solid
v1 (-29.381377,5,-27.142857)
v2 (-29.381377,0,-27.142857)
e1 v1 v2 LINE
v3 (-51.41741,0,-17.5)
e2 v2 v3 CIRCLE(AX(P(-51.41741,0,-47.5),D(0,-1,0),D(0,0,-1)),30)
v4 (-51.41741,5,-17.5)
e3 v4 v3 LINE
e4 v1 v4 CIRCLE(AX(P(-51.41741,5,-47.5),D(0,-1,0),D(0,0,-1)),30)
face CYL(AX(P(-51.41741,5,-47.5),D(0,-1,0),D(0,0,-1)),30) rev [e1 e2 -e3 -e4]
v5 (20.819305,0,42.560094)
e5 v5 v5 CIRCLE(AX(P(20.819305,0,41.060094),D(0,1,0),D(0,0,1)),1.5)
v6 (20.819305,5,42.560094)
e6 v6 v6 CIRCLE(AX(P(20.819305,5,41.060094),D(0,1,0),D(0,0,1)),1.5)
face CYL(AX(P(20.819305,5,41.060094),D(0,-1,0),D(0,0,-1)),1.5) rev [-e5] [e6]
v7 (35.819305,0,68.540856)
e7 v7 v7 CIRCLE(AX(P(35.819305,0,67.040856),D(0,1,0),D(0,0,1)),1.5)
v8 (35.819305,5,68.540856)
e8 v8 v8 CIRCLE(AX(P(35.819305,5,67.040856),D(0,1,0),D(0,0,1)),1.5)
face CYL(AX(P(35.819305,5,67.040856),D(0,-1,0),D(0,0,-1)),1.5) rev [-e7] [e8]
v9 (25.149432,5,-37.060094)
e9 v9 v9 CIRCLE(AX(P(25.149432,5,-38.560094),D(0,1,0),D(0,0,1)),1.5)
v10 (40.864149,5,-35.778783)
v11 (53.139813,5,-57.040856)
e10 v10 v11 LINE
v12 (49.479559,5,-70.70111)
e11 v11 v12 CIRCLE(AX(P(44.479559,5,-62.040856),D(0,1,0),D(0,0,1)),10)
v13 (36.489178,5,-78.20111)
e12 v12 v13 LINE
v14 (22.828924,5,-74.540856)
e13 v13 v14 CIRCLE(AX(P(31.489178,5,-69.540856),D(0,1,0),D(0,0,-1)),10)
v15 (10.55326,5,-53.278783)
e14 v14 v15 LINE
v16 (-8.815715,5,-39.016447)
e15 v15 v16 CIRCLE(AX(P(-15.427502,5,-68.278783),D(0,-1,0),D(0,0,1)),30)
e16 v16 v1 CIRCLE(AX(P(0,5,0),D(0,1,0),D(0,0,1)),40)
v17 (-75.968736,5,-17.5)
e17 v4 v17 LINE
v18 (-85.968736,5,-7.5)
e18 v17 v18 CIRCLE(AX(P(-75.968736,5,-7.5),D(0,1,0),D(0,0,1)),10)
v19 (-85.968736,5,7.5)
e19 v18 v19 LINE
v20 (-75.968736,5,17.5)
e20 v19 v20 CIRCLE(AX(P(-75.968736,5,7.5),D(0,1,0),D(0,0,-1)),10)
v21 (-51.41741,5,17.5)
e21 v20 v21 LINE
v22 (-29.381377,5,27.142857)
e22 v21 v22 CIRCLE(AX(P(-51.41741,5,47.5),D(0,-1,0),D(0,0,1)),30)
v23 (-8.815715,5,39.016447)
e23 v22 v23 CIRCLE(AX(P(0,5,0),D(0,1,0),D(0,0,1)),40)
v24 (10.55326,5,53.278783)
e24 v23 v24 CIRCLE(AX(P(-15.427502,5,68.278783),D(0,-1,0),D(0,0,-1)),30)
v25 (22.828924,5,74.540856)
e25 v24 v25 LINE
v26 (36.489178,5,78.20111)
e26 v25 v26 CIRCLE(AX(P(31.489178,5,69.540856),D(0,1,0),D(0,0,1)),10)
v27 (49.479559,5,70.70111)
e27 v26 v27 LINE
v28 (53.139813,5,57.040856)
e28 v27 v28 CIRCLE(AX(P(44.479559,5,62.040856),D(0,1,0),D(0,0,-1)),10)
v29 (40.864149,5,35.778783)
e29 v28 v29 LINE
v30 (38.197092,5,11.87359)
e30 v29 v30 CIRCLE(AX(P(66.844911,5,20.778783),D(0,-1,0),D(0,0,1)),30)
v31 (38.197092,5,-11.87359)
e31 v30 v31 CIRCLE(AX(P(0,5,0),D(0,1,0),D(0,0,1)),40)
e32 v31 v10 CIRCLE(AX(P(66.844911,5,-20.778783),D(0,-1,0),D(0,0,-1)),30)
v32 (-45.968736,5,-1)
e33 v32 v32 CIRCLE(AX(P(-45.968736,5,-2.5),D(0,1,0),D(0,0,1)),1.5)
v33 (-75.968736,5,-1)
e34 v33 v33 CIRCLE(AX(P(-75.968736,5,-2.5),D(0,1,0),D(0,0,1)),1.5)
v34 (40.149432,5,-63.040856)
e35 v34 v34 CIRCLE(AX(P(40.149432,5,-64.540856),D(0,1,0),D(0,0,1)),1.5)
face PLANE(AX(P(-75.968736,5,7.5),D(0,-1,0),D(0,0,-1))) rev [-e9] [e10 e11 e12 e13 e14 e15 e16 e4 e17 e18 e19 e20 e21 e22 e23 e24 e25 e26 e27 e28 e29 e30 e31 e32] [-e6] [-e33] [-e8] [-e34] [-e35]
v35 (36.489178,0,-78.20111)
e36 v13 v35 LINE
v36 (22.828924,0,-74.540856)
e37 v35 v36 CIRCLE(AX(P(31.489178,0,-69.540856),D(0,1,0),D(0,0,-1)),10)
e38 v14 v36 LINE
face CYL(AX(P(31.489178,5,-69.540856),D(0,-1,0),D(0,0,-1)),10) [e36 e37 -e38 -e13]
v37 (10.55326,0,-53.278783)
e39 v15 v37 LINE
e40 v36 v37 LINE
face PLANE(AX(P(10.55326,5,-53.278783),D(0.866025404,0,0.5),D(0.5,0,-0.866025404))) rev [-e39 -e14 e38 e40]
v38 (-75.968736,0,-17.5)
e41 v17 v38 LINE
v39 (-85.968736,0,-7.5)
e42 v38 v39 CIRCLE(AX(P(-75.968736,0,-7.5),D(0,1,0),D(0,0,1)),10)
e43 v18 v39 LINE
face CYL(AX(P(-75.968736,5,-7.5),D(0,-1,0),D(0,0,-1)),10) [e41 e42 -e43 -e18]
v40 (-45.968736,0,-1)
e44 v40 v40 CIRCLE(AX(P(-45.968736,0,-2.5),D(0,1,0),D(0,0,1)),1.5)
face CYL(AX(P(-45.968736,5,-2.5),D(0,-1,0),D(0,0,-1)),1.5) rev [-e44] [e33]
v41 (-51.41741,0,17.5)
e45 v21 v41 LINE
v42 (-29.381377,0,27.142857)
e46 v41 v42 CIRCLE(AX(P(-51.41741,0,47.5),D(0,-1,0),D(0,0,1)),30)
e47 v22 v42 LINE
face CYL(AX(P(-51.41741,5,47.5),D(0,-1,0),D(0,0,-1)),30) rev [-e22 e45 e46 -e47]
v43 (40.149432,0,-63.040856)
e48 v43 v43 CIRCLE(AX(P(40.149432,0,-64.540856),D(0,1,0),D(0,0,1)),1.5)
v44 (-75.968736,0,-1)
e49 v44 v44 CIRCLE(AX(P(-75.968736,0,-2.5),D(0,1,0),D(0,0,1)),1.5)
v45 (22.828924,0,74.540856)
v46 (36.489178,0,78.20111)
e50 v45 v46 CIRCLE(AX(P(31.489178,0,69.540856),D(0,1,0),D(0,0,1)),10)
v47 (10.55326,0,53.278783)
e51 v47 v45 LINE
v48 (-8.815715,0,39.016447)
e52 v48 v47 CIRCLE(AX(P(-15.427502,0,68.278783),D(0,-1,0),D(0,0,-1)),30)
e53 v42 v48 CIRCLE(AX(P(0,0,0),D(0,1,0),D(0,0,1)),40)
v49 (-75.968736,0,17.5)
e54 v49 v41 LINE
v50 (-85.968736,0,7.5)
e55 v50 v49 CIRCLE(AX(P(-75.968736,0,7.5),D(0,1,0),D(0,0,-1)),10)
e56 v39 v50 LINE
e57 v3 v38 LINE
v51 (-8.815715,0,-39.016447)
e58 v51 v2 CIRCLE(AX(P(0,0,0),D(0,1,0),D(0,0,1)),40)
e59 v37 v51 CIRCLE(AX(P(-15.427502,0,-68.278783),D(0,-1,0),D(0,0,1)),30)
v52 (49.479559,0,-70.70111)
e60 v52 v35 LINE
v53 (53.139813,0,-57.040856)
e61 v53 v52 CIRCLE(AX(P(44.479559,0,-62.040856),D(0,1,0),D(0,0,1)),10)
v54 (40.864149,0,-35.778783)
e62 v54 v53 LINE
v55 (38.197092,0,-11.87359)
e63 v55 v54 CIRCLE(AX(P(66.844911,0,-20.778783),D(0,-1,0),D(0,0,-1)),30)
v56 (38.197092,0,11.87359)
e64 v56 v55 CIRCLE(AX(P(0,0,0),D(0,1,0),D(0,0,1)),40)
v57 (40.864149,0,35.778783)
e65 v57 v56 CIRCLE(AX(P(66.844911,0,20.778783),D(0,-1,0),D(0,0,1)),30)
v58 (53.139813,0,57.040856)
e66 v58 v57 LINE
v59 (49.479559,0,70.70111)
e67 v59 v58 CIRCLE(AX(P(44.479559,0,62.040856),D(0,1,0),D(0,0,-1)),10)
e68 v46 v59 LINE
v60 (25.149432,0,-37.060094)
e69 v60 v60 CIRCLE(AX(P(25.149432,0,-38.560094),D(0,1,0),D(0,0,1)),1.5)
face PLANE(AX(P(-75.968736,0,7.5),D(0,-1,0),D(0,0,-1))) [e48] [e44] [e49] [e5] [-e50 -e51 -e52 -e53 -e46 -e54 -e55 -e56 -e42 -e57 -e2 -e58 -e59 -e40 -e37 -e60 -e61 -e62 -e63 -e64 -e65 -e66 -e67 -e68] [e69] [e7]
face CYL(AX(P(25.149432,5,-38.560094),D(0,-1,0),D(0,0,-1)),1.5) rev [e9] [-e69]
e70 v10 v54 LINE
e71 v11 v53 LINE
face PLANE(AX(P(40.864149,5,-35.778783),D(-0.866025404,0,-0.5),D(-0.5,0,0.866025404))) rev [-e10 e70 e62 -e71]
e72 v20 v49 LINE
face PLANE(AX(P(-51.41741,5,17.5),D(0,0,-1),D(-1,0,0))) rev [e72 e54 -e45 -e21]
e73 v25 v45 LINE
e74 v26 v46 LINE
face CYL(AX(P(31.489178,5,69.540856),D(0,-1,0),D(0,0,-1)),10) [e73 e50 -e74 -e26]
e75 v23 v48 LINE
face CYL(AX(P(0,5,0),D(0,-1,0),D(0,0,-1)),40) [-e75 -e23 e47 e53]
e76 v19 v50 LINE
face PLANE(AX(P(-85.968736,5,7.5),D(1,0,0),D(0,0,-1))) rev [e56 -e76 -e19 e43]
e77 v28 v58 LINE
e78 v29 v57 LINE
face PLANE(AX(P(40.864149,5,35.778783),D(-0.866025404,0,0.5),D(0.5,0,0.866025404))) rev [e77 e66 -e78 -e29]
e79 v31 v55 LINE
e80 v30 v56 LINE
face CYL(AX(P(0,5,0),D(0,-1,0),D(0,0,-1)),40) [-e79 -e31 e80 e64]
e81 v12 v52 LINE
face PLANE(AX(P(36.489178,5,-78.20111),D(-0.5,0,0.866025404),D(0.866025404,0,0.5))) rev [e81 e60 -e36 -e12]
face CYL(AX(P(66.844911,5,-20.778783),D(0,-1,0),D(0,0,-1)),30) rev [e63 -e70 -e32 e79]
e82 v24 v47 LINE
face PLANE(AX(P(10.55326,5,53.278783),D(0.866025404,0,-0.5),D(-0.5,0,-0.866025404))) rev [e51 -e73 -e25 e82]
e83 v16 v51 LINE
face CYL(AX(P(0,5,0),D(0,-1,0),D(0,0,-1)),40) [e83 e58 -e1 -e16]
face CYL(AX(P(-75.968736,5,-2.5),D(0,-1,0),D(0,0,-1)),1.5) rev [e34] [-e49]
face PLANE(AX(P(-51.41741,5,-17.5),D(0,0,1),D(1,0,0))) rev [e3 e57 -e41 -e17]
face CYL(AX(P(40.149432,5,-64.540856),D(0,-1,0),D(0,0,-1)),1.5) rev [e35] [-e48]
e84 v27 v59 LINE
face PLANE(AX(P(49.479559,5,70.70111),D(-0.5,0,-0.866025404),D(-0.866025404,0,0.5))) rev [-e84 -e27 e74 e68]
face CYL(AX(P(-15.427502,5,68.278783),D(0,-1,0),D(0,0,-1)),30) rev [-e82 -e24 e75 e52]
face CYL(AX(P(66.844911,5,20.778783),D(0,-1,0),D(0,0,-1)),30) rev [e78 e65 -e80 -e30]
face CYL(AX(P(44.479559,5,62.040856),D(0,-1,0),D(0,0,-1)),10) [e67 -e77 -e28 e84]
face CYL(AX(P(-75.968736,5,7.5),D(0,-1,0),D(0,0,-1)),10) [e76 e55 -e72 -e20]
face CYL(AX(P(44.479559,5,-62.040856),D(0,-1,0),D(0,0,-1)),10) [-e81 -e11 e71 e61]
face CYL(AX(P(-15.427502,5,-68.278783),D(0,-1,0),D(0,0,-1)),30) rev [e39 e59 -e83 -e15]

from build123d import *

# Parameters (mm, degrees)
ESQUISSE1_R        = 1.5
BOSS_EXTRU_1_DEPTH = 5


with BuildPart() as part:
    # Esquisse1 → Boss.-Extru.1 (new body)
    with BuildSketch(Plane(origin=(0, 0, 0), x_dir=(1, 0, 0), z_dir=(0, 1, 0))):
        with BuildLine():
            Line((40.864149318, 35.778782826), (53.139812779, 57.040855637))
            ThreePointArc((53.139812779, 57.040855637), (54.138817004, 64.629046088), (49.479558741, 70.701109675))
            Line((49.479558741, 70.701109675), (36.489177684, 78.201109675))
            ThreePointArc((36.489177684, 78.201109675), (28.900987233, 79.2001139), (22.828923646, 74.540855637))
            Line((22.828923646, 74.540855637), (10.553260185, 53.278782826))
            ThreePointArc((10.553260185, 53.278782826), (2.360755727, 44.121425984), (-8.815715388, 39.016447329))
            ThreePointArc((-8.815715388, 39.016447329), (-20, 34.641016151), (-29.381376859, 27.142857143))
            ThreePointArc((-29.381376859, 27.142857143), (-39.390653617, 20.016238561), (-51.417409503, 17.5))
            Line((-51.417409503, 17.5), (-75.968736425, 17.5))
            ThreePointArc((-75.968736425, 17.5), (-83.039804237, 14.571067812), (-85.968736425, 7.5))
            Line((-85.968736425, 7.5), (-85.968736425, -7.5))
            ThreePointArc((-85.968736425, -7.5), (-83.039804237, -14.571067812), (-75.968736425, -17.5))
            Line((-75.968736425, -17.5), (-51.417409503, -17.5))
            ThreePointArc((-51.417409503, -17.5), (-39.390653617, -20.016238561), (-29.381376859, -27.142857143))
            ThreePointArc((-29.381376859, -27.142857143), (-20, -34.641016151), (-8.815715388, -39.016447329))
            ThreePointArc((-8.815715388, -39.016447329), (2.360755727, -44.121425984), (10.553260185, -53.278782826))
            Line((10.553260185, -53.278782826), (22.828923646, -74.540855637))
            ThreePointArc((22.828923646, -74.540855637), (28.900987233, -79.2001139), (36.489177684, -78.201109675))
            Line((36.489177684, -78.201109675), (49.479558741, -70.701109675))
            ThreePointArc((49.479558741, -70.701109675), (54.138817004, -64.629046088), (53.139812779, -57.040855637))
            Line((53.139812779, -57.040855637), (40.864149318, -35.778782826))
            ThreePointArc((40.864149318, -35.778782826), (37.02989789, -24.105187424), (38.197092246, -11.873590187))
            ThreePointArc((38.197092246, -11.873590187), (40, 0), (38.197092246, 11.873590187))
            ThreePointArc((38.197092246, 11.873590187), (37.02989789, 24.105187424), (40.864149318, 35.778782826))
        make_face()
        with Locations(Location((-75.968736425, 2.5, 0), (0, 0, 270))):
            Circle(ESQUISSE1_R, mode=Mode.SUBTRACT)
        with Locations(Location((-45.968736425, 2.5, 0), (0, 0, 270))):
            Circle(ESQUISSE1_R, mode=Mode.SUBTRACT)
        with Locations(Location((40.149431722, 64.540855637, 0), (0, 0, 270))):
            Circle(ESQUISSE1_R, mode=Mode.SUBTRACT)
        with Locations(Location((25.149431722, 38.560093524, 0), (0, 0, 270))):
            Circle(ESQUISSE1_R, mode=Mode.SUBTRACT)
        with Locations(Location((35.819304703, -67.040855637, 0), (0, 0, 270))):
            Circle(ESQUISSE1_R, mode=Mode.SUBTRACT)
        with Locations(Location((20.819304703, -41.060093524, 0), (0, 0, 270))):
            Circle(ESQUISSE1_R, mode=Mode.SUBTRACT)
    extrude(amount=BOSS_EXTRU_1_DEPTH)


solid = part.part
